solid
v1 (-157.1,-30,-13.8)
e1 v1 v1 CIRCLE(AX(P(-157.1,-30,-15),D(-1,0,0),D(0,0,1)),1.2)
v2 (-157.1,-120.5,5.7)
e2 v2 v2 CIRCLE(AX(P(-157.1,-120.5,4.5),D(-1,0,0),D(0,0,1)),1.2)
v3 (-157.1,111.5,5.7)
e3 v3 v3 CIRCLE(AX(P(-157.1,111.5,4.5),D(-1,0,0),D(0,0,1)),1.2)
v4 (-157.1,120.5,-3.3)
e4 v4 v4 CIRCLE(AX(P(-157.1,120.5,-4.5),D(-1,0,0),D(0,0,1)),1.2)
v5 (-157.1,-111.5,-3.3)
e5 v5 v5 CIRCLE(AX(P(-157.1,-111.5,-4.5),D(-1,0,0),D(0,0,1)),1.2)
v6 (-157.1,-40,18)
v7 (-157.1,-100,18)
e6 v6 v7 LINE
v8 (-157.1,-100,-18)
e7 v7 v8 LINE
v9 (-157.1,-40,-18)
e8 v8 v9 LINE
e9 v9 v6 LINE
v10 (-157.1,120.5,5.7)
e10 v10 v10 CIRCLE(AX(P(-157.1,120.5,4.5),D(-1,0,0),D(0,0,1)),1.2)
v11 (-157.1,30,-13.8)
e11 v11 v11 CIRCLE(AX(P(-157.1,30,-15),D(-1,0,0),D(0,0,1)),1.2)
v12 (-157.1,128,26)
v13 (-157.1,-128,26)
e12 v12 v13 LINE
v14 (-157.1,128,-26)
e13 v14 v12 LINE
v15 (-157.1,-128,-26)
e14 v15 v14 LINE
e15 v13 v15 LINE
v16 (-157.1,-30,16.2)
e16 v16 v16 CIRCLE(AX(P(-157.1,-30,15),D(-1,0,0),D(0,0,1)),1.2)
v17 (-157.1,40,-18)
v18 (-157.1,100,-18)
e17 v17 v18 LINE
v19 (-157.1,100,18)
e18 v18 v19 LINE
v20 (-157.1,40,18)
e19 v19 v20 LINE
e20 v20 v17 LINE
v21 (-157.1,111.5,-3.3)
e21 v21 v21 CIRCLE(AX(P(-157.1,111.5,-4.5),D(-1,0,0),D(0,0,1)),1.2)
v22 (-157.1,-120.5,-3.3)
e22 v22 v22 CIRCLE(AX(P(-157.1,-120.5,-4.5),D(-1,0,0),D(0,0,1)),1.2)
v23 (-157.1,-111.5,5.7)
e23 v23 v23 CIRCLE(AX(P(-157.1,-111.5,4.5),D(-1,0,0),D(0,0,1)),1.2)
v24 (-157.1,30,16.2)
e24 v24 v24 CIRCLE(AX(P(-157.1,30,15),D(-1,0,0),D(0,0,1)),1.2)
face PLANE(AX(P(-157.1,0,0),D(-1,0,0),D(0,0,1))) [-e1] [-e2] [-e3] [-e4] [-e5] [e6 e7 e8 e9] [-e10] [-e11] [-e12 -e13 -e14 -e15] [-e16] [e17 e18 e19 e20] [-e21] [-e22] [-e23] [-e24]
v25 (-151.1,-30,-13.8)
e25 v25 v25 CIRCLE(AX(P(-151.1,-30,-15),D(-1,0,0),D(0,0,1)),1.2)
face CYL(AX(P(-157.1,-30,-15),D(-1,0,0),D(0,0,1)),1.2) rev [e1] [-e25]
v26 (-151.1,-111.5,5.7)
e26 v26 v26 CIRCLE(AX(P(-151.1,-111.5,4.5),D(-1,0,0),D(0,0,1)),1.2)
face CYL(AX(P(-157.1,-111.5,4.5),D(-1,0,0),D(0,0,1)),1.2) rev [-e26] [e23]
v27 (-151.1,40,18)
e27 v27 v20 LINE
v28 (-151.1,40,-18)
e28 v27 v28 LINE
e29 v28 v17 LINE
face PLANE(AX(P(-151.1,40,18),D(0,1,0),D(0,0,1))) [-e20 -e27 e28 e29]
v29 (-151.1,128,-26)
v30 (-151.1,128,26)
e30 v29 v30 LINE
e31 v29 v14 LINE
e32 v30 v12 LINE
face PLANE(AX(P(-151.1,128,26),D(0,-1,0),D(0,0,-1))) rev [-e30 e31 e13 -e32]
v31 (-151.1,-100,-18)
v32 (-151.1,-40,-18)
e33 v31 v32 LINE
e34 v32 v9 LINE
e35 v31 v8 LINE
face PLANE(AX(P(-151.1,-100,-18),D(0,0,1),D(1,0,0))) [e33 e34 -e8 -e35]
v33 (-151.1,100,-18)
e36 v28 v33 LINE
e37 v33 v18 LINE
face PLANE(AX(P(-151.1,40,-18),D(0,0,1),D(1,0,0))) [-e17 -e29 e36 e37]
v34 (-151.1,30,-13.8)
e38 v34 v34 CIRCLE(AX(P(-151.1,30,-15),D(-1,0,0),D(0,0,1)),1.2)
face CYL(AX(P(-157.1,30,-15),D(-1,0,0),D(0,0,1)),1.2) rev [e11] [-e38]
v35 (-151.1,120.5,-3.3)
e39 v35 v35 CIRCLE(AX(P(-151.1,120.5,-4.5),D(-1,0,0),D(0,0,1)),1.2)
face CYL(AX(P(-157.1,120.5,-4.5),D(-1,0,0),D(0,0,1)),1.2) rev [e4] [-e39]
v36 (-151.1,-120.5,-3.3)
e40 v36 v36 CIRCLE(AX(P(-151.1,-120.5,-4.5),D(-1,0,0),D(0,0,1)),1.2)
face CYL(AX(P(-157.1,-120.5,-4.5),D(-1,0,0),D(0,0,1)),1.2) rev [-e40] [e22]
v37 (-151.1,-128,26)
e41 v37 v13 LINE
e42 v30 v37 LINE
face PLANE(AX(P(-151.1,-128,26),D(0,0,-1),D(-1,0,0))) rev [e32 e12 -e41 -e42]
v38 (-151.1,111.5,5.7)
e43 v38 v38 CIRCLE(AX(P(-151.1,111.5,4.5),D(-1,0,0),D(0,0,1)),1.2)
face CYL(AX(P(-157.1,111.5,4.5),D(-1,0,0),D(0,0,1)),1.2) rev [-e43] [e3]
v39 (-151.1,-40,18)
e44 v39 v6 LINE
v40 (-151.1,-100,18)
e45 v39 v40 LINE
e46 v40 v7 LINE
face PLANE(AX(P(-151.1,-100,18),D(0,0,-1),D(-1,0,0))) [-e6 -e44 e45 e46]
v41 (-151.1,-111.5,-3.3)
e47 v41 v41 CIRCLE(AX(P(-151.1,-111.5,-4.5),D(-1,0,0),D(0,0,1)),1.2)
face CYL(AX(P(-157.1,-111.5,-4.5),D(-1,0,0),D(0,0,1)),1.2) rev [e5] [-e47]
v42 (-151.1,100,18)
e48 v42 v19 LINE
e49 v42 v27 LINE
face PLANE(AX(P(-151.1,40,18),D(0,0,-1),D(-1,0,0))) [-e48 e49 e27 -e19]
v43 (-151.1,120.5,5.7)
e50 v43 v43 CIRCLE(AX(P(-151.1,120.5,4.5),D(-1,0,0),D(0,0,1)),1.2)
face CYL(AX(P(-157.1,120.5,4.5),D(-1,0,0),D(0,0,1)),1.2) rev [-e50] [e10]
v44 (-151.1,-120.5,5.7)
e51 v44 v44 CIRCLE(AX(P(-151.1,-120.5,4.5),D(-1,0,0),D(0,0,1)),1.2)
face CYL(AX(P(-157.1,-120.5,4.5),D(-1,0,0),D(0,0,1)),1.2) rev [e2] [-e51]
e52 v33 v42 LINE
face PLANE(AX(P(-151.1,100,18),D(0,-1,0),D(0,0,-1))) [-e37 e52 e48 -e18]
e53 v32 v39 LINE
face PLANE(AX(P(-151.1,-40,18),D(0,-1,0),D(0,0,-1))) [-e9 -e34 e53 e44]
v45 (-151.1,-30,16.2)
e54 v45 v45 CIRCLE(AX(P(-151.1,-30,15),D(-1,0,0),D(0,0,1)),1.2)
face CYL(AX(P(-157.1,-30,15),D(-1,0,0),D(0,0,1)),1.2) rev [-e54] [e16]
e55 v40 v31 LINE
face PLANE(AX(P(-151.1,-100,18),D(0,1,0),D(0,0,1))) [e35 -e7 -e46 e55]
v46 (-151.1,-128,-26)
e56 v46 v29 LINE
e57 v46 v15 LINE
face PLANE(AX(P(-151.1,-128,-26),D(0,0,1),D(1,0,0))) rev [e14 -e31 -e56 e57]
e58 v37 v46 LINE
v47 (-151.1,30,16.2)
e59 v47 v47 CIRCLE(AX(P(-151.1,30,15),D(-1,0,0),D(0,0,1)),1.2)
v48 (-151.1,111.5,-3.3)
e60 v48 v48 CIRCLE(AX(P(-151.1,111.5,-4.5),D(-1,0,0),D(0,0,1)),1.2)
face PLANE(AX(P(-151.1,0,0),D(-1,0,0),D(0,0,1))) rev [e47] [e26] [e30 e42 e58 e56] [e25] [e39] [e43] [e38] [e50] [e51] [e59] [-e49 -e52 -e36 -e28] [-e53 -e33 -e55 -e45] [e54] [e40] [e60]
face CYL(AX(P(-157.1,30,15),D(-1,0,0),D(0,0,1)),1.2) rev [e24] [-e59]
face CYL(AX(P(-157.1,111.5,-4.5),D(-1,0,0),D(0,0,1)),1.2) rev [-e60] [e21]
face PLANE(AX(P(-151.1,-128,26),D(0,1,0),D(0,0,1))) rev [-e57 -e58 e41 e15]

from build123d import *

# Parameters (mm, degrees)
SKETCH1_W             = 52
SKETCH1_H             = 256
BOSS_EXTRUDE1_DEPTH   = 6
M2_CLEARANCE_HOLE1_D  = 2.4
M2_CLEARANCE_HOLE2_D  = 2.4
M2_CLEARANCE_HOLE3_D  = 2.4
M2_CLEARANCE_HOLE4_D  = 2.4
M2_CLEARANCE_HOLE5_D  = 2.4
M2_CLEARANCE_HOLE6_D  = 2.4
M2_CLEARANCE_HOLE7_D  = 2.4
M2_CLEARANCE_HOLE8_D  = 2.4
M2_CLEARANCE_HOLE9_D  = 2.4
M2_CLEARANCE_HOLE10_D = 2.4
M2_CLEARANCE_HOLE11_D = 2.4
M2_CLEARANCE_HOLE12_D = 2.4
SKETCH26_W            = 36
SKETCH26_H            = 60
CUT_EXTRUDE2_DEPTH    = 6
SKETCH27_W            = 36
SKETCH27_H            = 60
CUT_EXTRUDE4_DEPTH    = 6


with BuildPart() as part:
    # Sketch1 → Boss-Extrude1 (new body)
    with BuildSketch(Plane(origin=(-157.1, 0, 0), x_dir=(0, 0, -1), z_dir=(1, 0, 0))):
        Rectangle(SKETCH1_W, SKETCH1_H)
    extrude(amount=BOSS_EXTRUDE1_DEPTH)

    # M2 Clearance Hole1 (through all)
    with Locations(Plane.ZY.offset(157.1)):
        with Locations((-4.5, 111.5)):
            Hole(M2_CLEARANCE_HOLE1_D / 2)

    # M2 Clearance Hole2 (through all)
    with Locations(Plane.ZY.offset(157.1)):
        with Locations((4.5, 111.5)):
            Hole(M2_CLEARANCE_HOLE2_D / 2)

    # M2 Clearance Hole3 (through all)
    with Locations(Plane.ZY.offset(157.1)):
        with Locations((-4.5, 120.5)):
            Hole(M2_CLEARANCE_HOLE3_D / 2)

    # M2 Clearance Hole4 (through all)
    with Locations(Plane.ZY.offset(157.1)):
        with Locations((4.5, 120.5)):
            Hole(M2_CLEARANCE_HOLE4_D / 2)

    # M2 Clearance Hole5 (through all)
    with Locations(Plane.ZY.offset(157.1)):
        with Locations((-4.5, -120.5)):
            Hole(M2_CLEARANCE_HOLE5_D / 2)

    # M2 Clearance Hole6 (through all)
    with Locations(Plane.ZY.offset(157.1)):
        with Locations((4.5, -120.5)):
            Hole(M2_CLEARANCE_HOLE6_D / 2)

    # M2 Clearance Hole7 (through all)
    with Locations(Plane.ZY.offset(157.1)):
        with Locations((-4.5, -111.5)):
            Hole(M2_CLEARANCE_HOLE7_D / 2)

    # M2 Clearance Hole8 (through all)
    with Locations(Plane.ZY.offset(157.1)):
        with Locations((4.5, -111.5)):
            Hole(M2_CLEARANCE_HOLE8_D / 2)

    # M2 Clearance Hole9 (through all)
    with Locations(Plane.ZY.offset(157.1)):
        with Locations((-15, -30)):
            Hole(M2_CLEARANCE_HOLE9_D / 2)

    # M2 Clearance Hole10 (through all)
    with Locations(Plane.ZY.offset(157.1)):
        with Locations((15, -30)):
            Hole(M2_CLEARANCE_HOLE10_D / 2)

    # M2 Clearance Hole11 (through all)
    with Locations(Plane.ZY.offset(157.1)):
        with Locations((-15, 30)):
            Hole(M2_CLEARANCE_HOLE11_D / 2)

    # M2 Clearance Hole12 (through all)
    with Locations(Plane.ZY.offset(157.1)):
        with Locations((15, 30)):
            Hole(M2_CLEARANCE_HOLE12_D / 2)

    # Sketch26 → Cut-Extrude2 (cut)
    with BuildSketch(Plane(origin=(-157.1, 0, 0), x_dir=(0, 0, -1), z_dir=(1, 0, 0))):
        with Locations((0, 70)):
            Rectangle(SKETCH26_W, SKETCH26_H)
    extrude(amount=CUT_EXTRUDE2_DEPTH, mode=Mode.SUBTRACT)

    # Sketch27 → Cut-Extrude4 (cut)
    with BuildSketch(Plane(origin=(-157.1, 0, 0), x_dir=(0, 0, -1), z_dir=(1, 0, 0))):
        with Locations((0, -70)):
            Rectangle(SKETCH27_W, SKETCH27_H)
    extrude(amount=CUT_EXTRUDE4_DEPTH, mode=Mode.SUBTRACT)


solid = part.part
